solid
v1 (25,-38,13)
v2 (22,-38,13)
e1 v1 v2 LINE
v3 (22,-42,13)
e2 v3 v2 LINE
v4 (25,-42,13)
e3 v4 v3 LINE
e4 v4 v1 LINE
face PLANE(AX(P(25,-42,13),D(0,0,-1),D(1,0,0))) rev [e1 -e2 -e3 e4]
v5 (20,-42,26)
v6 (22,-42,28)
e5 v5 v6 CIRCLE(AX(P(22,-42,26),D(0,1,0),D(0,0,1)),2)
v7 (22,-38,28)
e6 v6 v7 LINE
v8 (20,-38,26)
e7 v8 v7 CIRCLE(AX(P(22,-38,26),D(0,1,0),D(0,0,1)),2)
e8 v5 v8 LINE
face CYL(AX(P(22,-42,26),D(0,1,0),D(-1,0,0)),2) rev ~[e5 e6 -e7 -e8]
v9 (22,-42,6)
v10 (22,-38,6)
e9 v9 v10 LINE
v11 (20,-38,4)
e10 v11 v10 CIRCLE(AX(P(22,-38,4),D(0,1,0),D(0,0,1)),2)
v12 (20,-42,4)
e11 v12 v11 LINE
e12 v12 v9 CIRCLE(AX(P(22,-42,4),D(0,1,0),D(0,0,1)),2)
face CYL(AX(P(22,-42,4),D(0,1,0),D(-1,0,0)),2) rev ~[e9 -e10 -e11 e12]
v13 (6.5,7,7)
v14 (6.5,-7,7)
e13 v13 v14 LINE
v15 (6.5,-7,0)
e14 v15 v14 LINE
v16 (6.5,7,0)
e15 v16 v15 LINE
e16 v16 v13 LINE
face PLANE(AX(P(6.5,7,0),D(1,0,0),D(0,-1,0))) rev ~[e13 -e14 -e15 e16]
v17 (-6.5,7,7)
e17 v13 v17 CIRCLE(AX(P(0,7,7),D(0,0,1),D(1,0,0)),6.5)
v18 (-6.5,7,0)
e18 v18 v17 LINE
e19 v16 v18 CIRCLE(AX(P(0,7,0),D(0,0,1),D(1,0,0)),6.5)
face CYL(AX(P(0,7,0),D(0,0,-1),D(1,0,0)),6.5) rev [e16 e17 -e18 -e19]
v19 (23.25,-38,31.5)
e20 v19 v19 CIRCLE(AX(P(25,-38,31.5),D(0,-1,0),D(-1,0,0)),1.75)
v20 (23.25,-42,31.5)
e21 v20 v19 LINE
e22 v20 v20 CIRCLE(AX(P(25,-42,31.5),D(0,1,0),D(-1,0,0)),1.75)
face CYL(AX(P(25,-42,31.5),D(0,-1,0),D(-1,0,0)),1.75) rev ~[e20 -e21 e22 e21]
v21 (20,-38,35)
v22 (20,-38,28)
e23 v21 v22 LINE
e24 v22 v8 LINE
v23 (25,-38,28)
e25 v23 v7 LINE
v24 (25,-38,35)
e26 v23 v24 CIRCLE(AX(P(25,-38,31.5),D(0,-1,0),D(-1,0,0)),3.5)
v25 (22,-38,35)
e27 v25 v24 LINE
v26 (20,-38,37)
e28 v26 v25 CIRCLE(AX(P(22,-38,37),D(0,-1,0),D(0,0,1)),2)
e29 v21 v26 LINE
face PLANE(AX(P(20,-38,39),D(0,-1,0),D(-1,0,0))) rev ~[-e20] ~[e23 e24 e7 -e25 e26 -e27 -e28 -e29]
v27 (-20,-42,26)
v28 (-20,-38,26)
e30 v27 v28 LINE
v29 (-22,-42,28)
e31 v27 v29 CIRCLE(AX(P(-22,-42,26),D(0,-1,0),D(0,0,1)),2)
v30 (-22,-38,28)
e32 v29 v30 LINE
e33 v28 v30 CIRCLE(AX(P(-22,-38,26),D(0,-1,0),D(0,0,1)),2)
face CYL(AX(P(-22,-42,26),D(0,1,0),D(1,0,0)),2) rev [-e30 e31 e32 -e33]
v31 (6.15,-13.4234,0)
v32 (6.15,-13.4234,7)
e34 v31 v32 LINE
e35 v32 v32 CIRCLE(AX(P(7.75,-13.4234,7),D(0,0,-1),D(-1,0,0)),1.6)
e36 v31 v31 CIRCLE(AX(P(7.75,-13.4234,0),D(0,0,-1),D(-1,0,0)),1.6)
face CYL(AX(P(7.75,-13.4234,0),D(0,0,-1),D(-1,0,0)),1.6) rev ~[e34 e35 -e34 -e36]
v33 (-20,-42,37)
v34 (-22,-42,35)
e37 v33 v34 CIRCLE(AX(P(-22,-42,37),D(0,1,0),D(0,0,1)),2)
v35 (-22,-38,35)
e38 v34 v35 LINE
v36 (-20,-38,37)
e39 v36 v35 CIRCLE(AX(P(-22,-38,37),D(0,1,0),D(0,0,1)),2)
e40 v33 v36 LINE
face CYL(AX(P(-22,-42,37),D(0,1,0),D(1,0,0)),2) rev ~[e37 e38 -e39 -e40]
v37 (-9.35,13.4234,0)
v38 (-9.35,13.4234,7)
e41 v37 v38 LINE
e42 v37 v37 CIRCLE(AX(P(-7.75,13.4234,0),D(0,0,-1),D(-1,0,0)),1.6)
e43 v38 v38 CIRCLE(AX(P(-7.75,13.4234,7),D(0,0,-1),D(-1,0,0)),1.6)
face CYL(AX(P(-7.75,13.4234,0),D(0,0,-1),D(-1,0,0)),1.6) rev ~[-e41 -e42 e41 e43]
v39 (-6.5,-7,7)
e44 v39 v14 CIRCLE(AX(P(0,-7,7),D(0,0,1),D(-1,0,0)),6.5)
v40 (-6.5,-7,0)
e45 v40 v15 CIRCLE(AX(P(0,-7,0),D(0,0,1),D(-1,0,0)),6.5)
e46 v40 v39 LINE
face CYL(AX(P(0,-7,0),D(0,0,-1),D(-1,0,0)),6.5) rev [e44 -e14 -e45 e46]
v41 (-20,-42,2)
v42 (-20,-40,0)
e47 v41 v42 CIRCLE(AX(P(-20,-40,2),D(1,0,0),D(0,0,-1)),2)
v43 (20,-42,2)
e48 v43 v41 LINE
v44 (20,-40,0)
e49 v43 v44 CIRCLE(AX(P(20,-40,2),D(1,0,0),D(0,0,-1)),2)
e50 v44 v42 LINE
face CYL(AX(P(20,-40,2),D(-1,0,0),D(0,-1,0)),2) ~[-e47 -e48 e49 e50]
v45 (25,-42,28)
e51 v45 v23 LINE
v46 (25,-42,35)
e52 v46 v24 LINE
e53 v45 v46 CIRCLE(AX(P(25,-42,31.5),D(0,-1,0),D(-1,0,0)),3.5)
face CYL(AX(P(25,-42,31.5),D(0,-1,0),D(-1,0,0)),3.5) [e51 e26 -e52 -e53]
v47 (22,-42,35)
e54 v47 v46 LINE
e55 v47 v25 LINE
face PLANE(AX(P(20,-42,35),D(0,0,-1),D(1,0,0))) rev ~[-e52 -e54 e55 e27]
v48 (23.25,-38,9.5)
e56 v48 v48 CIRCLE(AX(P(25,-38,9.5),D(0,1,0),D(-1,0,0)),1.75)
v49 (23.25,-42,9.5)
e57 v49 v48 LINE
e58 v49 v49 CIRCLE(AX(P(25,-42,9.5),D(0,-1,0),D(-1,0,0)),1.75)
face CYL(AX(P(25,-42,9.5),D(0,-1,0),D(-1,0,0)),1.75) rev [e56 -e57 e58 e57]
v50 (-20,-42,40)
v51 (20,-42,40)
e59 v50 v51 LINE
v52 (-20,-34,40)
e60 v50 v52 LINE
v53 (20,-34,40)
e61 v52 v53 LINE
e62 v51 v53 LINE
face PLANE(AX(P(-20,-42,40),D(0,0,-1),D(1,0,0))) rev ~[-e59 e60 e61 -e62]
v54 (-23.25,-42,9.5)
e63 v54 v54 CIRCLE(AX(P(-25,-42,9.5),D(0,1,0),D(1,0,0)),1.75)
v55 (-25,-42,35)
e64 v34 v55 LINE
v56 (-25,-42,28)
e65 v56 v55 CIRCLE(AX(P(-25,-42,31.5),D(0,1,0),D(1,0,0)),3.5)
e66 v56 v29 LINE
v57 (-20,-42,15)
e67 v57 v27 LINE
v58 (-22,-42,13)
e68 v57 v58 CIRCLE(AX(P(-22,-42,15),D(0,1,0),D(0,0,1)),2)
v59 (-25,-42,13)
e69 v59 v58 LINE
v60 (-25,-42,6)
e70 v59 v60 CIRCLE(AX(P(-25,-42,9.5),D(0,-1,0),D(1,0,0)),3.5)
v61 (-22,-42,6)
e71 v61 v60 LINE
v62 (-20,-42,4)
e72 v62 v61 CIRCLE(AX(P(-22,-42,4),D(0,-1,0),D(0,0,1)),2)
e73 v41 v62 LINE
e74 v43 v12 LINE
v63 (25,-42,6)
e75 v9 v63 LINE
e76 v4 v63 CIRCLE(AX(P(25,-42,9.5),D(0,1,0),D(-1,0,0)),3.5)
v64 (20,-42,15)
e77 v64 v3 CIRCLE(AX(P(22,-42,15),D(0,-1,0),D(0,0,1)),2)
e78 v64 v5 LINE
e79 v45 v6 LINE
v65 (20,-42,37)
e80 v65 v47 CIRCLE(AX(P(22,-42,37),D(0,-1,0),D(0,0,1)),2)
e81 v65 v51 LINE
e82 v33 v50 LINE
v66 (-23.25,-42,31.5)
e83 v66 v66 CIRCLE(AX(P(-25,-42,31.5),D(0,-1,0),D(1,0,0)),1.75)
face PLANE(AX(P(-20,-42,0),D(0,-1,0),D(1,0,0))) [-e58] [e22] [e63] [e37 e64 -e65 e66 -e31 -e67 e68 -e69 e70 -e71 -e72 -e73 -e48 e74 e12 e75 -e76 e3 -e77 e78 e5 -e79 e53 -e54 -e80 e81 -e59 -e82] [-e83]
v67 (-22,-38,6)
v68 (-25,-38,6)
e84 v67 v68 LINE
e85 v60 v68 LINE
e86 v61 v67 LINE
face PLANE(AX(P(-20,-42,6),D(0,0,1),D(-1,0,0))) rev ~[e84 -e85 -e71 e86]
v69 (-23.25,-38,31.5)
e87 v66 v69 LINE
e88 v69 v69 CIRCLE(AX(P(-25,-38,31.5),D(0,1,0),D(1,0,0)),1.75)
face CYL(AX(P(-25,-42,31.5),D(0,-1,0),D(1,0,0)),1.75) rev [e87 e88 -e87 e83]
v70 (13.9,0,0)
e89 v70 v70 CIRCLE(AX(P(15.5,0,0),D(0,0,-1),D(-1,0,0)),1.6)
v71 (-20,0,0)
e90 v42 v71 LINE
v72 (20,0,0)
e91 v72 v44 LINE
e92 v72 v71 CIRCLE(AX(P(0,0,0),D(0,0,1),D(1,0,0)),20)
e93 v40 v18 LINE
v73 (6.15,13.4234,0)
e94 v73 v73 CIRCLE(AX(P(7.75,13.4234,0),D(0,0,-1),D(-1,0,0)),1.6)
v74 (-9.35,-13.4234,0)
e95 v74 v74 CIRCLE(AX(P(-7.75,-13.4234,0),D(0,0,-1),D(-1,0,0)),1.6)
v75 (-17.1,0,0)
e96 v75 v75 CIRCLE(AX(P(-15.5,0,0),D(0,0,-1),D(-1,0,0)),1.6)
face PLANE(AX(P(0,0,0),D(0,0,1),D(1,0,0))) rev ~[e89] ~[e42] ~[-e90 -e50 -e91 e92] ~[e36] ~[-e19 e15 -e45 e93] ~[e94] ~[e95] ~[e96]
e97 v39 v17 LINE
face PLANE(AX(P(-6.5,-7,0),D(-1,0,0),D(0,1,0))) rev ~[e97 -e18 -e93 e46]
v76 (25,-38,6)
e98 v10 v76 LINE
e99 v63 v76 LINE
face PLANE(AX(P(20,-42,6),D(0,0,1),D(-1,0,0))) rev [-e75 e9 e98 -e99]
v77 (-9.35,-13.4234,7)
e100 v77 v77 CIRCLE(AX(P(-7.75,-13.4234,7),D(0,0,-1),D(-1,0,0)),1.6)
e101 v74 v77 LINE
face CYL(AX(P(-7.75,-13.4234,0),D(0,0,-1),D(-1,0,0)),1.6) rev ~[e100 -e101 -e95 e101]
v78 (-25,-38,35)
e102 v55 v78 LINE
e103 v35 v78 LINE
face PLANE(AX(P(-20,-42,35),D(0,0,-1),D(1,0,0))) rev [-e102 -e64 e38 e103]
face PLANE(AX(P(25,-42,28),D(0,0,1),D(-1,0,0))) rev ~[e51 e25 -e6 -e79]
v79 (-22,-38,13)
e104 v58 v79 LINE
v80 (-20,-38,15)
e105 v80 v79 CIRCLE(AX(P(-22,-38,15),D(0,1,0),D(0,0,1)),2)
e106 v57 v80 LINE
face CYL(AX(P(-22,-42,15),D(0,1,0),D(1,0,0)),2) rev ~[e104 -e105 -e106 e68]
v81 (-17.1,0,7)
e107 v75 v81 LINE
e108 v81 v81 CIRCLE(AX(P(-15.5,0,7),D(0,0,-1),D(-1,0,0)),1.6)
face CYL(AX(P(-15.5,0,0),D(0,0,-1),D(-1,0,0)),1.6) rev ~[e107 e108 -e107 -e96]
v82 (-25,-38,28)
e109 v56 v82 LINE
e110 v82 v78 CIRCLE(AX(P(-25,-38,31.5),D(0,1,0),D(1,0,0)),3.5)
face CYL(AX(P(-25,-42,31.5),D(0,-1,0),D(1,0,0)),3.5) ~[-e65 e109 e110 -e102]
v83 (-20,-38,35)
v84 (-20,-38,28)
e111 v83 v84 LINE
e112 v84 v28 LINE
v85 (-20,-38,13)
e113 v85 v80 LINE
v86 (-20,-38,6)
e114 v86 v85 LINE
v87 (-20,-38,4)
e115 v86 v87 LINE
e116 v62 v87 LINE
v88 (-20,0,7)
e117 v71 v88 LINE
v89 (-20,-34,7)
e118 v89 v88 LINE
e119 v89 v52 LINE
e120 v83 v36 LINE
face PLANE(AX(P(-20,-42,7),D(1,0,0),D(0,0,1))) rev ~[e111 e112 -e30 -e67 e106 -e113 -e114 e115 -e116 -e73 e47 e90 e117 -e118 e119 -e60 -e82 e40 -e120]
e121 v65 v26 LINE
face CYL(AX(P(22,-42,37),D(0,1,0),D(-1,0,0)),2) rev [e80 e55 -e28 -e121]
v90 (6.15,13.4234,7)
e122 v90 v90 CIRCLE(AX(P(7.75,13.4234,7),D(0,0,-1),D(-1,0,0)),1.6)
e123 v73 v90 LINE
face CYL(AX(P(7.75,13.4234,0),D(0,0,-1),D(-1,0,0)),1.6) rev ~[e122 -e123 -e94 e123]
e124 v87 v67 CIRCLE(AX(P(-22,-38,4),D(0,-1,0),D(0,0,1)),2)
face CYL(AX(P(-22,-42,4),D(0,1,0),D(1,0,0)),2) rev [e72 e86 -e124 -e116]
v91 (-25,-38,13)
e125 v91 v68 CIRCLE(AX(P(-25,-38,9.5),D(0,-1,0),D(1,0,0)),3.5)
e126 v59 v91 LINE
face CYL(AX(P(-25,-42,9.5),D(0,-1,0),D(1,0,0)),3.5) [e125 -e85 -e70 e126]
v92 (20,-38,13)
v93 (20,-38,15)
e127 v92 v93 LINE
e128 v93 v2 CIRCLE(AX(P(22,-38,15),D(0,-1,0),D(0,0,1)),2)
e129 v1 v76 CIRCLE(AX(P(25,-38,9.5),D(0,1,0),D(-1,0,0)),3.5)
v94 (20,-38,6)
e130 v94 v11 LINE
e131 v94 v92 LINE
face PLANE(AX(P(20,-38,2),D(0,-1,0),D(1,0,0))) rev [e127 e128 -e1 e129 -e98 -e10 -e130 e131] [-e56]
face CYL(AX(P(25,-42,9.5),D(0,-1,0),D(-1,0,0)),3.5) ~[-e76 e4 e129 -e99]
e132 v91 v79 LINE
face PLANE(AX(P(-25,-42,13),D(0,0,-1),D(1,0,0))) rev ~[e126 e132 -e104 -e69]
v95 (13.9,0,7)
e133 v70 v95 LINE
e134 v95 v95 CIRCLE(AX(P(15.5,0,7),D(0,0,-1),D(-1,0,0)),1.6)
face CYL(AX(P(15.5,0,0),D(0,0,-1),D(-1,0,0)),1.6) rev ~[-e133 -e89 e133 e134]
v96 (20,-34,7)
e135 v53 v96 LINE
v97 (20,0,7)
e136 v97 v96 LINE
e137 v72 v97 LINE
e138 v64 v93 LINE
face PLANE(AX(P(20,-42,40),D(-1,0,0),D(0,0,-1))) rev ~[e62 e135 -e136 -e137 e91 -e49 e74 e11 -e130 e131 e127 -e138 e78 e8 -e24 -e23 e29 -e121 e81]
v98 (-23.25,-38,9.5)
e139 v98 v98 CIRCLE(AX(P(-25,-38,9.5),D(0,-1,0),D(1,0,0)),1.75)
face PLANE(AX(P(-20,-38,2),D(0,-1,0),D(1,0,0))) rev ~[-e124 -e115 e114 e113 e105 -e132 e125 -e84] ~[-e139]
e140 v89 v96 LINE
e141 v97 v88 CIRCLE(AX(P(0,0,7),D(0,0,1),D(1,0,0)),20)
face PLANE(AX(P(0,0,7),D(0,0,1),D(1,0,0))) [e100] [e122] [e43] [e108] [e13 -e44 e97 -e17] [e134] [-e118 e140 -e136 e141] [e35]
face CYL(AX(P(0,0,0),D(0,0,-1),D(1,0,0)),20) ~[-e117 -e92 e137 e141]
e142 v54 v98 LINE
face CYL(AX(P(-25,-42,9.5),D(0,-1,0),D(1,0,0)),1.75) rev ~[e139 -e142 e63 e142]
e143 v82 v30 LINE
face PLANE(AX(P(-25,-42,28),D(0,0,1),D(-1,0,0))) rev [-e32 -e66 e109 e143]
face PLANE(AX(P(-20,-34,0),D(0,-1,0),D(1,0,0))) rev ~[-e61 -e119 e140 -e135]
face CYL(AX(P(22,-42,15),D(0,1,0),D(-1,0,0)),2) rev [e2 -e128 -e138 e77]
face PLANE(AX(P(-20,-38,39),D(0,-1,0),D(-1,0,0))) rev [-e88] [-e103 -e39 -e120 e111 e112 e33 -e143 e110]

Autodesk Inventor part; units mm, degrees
ref_plane "YZ Plane" through (0, 0, 0) normal (1, 0, 0) x (0, 1, 0)
ref_plane "XZ Plane" through (0, 0, 0) normal (0, 1, 0) x (-1, 0, 0)
sketch "Sketch1" plane through (0, 0, 0) normal (0, 0, 1) x (1, 0, 0)
  circle A0 centre (0, 0) radius 20
  circle A1 centre (0, 15.55) radius 1.6
  line L0 (-20, 0) -> (20, 0) construction
  line L1 (20, 0) -> (20, -42)
  line L2 (20, -42) -> (-20, -42)
  line L3 (-20, -42) -> (-20, 0)
  circle A2 centre (-13.4667, 7.775) radius 1.6
  circle A3 centre (-13.4667, -7.775) radius 1.6
  circle A4 centre (0, -15.55) radius 1.6
  circle A5 centre (13.4667, -7.775) radius 1.6
  circle A6 centre (13.4667, 7.775) radius 1.6
  line L4 (0, -7) -> (0, 7) construction
  line L5 (-6.5, -7) -> (-6.5, 7)
  line L6 (6.5, 7) -> (6.5, -7)
  arc A7 (-6.5, -7) -> (6.5, -7) centre (0, -7) ccw
  arc A8 (6.5, 7) -> (-6.5, 7) centre (0, 7) ccw
  dimension "d0" = 40
  dimension "d1" = 15.55
  dimension "d3" = 42
  dimension "d6" = 360
  dimension "d8" = 6.5
  dimension "d9" = 14
extrude "Extrusion1" add sketch "Sketch1" along normal blind 7 contours A0 | L1 L2 L3 A0 | A1 | A2 | A3 | A4 | A5 | A6
sketch "Sketch2" plane through (0, 0, 0) normal (0, 0, -1) x (-1, 0, 0)
  line L0 (20, 0) -> (20, -42) projected
  arc A0 (20, 0) -> (-20, 0) centre (0, 0) ccw projected
  line L1 (-20, -42) -> (-20, 0) projected
  line L2 (20, -42) -> (-20, -42) projected
  line L3 (-6.5, 7) -> (-6.5, -7) projected
  arc A1 (6.5, 7) -> (-6.5, 7) centre (0, 7) ccw projected
  line L4 (6.5, -7) -> (6.5, 7) projected
  arc A2 (-6.5, -7) -> (6.5, -7) centre (0, -7) ccw projected
  circle A3 centre (0, 0) radius 15.5 construction
  circle A4 centre (-7.75, 13.4234) radius 1.6
  line L5 (0, 0) -> (-7.75, 13.4234) construction
  line L6 (0, 0) -> (0, 15.5) construction
  circle A5 centre (-15.5, 0) radius 1.6
  circle A6 centre (-7.75, -13.4234) radius 1.6
  circle A7 centre (7.75, -13.4234) radius 1.6
  circle A8 centre (15.5, 0) radius 1.6
  circle A9 centre (7.75, 13.4234) radius 1.6
  dimension "d12" = 31
  dimension "d13" = 3.2
  dimension "d14" = 30
  dimension "d17" = 360
extrude "Extrusion2" cut sketch "Sketch2" against normal through all contours A4 | A5 | A6 | A7 | A8 | A9
sketch "Sketch3" plane through (-20, -42, 0) normal (0, -1, 0) x (1, 0, 0)
  line L0 (0, 0) -> (40, 0) projected
  line L1 (40, 0) -> (40, 7) projected
  line L2 (0, 7) -> (40, 7) projected
  line L3 (0, 0) -> (0, 7) projected
  line L4 (40, 0) -> (40, 7) projected
  line L5 (40, 7) -> (0, 7)
  line L6 (0, 7) -> (0, 40)
  line L7 (0, 40) -> (40, 40)
  line L8 (40, 40) -> (40, 7)
  point P0 (20, 0)
  dimension "d21" = 40
extrude "Extrusion3" add sketch "Sketch3" against normal blind 8 contours L6 L7 L8 L2
fillet "Fillet1" radius 2 1 edges at (0, -42, 0)
sketch "Sketch4" plane through (-20, -42, 2) normal (0, -1, 0) x (1, 0, 0)
  line L0 (40, 38) -> (0, 38) projected
  line L1 (0, 0) -> (0, 38) projected
  line L2 (40, 0) -> (0, 0) projected
  line L3 (40, 0) -> (40, 38) projected
  line L4 (5, 4) -> (-5, 4)
  line L5 (-5, 4) -> (-5, 11)
  line L6 (-5, 11) -> (5, 11)
  line L7 (5, 11) -> (5, 4)
  line L8 (5, 4) -> (-5, 11) construction
  line L9 (-5, 4) -> (5, 11) construction
  circle A0 centre (-5, 7.5) radius 3.5
  circle A1 centre (-5, 7.5) radius 1.75
  point P0 (20, -2)
  point P1 (0, 7.5)
  point P2 (0, 4)
  point P3 (0, 11)
  point P4 (-5, 11)
  dimension "d26" = 7
  dimension "d27" = 5
  dimension "d28" = 4
  dimension "d29" = 3.5
extrude "Extrusion4" add sketch "Sketch4" against normal blind 4 contours L1 L4 A0 L6 | A0 L5 A1 | L5 A1 A0
ref_plane "Work Plane1" through (0, 0, 22.5) normal (0, 0, 1) x (1, 0, 0)
ref_plane "Work Plane2" through (0, 0, 20.5) normal (0, 0, 1) x (1, 0, 0)
mirror "Mirror2" about plane through (0, 0, 0) normal (1, 0, 0) of "Extrusion4"
mirror "Mirror3" about plane through (0, 0, 20.5) normal (0, 0, 1) of "Extrusion4", "Mirror2"
fillet "Fillet4" radius 2 8 edges at (20, -40, 6) (20, -40, 28) (-20, -40, 6) (-20, -40, 13) (-20, -40, 28) (-20, -40, 35) (20, -40, 35) (20, -40, 13)
properties part number "08_Ga_dong_co_02" material "Polyethylene, High Density"
